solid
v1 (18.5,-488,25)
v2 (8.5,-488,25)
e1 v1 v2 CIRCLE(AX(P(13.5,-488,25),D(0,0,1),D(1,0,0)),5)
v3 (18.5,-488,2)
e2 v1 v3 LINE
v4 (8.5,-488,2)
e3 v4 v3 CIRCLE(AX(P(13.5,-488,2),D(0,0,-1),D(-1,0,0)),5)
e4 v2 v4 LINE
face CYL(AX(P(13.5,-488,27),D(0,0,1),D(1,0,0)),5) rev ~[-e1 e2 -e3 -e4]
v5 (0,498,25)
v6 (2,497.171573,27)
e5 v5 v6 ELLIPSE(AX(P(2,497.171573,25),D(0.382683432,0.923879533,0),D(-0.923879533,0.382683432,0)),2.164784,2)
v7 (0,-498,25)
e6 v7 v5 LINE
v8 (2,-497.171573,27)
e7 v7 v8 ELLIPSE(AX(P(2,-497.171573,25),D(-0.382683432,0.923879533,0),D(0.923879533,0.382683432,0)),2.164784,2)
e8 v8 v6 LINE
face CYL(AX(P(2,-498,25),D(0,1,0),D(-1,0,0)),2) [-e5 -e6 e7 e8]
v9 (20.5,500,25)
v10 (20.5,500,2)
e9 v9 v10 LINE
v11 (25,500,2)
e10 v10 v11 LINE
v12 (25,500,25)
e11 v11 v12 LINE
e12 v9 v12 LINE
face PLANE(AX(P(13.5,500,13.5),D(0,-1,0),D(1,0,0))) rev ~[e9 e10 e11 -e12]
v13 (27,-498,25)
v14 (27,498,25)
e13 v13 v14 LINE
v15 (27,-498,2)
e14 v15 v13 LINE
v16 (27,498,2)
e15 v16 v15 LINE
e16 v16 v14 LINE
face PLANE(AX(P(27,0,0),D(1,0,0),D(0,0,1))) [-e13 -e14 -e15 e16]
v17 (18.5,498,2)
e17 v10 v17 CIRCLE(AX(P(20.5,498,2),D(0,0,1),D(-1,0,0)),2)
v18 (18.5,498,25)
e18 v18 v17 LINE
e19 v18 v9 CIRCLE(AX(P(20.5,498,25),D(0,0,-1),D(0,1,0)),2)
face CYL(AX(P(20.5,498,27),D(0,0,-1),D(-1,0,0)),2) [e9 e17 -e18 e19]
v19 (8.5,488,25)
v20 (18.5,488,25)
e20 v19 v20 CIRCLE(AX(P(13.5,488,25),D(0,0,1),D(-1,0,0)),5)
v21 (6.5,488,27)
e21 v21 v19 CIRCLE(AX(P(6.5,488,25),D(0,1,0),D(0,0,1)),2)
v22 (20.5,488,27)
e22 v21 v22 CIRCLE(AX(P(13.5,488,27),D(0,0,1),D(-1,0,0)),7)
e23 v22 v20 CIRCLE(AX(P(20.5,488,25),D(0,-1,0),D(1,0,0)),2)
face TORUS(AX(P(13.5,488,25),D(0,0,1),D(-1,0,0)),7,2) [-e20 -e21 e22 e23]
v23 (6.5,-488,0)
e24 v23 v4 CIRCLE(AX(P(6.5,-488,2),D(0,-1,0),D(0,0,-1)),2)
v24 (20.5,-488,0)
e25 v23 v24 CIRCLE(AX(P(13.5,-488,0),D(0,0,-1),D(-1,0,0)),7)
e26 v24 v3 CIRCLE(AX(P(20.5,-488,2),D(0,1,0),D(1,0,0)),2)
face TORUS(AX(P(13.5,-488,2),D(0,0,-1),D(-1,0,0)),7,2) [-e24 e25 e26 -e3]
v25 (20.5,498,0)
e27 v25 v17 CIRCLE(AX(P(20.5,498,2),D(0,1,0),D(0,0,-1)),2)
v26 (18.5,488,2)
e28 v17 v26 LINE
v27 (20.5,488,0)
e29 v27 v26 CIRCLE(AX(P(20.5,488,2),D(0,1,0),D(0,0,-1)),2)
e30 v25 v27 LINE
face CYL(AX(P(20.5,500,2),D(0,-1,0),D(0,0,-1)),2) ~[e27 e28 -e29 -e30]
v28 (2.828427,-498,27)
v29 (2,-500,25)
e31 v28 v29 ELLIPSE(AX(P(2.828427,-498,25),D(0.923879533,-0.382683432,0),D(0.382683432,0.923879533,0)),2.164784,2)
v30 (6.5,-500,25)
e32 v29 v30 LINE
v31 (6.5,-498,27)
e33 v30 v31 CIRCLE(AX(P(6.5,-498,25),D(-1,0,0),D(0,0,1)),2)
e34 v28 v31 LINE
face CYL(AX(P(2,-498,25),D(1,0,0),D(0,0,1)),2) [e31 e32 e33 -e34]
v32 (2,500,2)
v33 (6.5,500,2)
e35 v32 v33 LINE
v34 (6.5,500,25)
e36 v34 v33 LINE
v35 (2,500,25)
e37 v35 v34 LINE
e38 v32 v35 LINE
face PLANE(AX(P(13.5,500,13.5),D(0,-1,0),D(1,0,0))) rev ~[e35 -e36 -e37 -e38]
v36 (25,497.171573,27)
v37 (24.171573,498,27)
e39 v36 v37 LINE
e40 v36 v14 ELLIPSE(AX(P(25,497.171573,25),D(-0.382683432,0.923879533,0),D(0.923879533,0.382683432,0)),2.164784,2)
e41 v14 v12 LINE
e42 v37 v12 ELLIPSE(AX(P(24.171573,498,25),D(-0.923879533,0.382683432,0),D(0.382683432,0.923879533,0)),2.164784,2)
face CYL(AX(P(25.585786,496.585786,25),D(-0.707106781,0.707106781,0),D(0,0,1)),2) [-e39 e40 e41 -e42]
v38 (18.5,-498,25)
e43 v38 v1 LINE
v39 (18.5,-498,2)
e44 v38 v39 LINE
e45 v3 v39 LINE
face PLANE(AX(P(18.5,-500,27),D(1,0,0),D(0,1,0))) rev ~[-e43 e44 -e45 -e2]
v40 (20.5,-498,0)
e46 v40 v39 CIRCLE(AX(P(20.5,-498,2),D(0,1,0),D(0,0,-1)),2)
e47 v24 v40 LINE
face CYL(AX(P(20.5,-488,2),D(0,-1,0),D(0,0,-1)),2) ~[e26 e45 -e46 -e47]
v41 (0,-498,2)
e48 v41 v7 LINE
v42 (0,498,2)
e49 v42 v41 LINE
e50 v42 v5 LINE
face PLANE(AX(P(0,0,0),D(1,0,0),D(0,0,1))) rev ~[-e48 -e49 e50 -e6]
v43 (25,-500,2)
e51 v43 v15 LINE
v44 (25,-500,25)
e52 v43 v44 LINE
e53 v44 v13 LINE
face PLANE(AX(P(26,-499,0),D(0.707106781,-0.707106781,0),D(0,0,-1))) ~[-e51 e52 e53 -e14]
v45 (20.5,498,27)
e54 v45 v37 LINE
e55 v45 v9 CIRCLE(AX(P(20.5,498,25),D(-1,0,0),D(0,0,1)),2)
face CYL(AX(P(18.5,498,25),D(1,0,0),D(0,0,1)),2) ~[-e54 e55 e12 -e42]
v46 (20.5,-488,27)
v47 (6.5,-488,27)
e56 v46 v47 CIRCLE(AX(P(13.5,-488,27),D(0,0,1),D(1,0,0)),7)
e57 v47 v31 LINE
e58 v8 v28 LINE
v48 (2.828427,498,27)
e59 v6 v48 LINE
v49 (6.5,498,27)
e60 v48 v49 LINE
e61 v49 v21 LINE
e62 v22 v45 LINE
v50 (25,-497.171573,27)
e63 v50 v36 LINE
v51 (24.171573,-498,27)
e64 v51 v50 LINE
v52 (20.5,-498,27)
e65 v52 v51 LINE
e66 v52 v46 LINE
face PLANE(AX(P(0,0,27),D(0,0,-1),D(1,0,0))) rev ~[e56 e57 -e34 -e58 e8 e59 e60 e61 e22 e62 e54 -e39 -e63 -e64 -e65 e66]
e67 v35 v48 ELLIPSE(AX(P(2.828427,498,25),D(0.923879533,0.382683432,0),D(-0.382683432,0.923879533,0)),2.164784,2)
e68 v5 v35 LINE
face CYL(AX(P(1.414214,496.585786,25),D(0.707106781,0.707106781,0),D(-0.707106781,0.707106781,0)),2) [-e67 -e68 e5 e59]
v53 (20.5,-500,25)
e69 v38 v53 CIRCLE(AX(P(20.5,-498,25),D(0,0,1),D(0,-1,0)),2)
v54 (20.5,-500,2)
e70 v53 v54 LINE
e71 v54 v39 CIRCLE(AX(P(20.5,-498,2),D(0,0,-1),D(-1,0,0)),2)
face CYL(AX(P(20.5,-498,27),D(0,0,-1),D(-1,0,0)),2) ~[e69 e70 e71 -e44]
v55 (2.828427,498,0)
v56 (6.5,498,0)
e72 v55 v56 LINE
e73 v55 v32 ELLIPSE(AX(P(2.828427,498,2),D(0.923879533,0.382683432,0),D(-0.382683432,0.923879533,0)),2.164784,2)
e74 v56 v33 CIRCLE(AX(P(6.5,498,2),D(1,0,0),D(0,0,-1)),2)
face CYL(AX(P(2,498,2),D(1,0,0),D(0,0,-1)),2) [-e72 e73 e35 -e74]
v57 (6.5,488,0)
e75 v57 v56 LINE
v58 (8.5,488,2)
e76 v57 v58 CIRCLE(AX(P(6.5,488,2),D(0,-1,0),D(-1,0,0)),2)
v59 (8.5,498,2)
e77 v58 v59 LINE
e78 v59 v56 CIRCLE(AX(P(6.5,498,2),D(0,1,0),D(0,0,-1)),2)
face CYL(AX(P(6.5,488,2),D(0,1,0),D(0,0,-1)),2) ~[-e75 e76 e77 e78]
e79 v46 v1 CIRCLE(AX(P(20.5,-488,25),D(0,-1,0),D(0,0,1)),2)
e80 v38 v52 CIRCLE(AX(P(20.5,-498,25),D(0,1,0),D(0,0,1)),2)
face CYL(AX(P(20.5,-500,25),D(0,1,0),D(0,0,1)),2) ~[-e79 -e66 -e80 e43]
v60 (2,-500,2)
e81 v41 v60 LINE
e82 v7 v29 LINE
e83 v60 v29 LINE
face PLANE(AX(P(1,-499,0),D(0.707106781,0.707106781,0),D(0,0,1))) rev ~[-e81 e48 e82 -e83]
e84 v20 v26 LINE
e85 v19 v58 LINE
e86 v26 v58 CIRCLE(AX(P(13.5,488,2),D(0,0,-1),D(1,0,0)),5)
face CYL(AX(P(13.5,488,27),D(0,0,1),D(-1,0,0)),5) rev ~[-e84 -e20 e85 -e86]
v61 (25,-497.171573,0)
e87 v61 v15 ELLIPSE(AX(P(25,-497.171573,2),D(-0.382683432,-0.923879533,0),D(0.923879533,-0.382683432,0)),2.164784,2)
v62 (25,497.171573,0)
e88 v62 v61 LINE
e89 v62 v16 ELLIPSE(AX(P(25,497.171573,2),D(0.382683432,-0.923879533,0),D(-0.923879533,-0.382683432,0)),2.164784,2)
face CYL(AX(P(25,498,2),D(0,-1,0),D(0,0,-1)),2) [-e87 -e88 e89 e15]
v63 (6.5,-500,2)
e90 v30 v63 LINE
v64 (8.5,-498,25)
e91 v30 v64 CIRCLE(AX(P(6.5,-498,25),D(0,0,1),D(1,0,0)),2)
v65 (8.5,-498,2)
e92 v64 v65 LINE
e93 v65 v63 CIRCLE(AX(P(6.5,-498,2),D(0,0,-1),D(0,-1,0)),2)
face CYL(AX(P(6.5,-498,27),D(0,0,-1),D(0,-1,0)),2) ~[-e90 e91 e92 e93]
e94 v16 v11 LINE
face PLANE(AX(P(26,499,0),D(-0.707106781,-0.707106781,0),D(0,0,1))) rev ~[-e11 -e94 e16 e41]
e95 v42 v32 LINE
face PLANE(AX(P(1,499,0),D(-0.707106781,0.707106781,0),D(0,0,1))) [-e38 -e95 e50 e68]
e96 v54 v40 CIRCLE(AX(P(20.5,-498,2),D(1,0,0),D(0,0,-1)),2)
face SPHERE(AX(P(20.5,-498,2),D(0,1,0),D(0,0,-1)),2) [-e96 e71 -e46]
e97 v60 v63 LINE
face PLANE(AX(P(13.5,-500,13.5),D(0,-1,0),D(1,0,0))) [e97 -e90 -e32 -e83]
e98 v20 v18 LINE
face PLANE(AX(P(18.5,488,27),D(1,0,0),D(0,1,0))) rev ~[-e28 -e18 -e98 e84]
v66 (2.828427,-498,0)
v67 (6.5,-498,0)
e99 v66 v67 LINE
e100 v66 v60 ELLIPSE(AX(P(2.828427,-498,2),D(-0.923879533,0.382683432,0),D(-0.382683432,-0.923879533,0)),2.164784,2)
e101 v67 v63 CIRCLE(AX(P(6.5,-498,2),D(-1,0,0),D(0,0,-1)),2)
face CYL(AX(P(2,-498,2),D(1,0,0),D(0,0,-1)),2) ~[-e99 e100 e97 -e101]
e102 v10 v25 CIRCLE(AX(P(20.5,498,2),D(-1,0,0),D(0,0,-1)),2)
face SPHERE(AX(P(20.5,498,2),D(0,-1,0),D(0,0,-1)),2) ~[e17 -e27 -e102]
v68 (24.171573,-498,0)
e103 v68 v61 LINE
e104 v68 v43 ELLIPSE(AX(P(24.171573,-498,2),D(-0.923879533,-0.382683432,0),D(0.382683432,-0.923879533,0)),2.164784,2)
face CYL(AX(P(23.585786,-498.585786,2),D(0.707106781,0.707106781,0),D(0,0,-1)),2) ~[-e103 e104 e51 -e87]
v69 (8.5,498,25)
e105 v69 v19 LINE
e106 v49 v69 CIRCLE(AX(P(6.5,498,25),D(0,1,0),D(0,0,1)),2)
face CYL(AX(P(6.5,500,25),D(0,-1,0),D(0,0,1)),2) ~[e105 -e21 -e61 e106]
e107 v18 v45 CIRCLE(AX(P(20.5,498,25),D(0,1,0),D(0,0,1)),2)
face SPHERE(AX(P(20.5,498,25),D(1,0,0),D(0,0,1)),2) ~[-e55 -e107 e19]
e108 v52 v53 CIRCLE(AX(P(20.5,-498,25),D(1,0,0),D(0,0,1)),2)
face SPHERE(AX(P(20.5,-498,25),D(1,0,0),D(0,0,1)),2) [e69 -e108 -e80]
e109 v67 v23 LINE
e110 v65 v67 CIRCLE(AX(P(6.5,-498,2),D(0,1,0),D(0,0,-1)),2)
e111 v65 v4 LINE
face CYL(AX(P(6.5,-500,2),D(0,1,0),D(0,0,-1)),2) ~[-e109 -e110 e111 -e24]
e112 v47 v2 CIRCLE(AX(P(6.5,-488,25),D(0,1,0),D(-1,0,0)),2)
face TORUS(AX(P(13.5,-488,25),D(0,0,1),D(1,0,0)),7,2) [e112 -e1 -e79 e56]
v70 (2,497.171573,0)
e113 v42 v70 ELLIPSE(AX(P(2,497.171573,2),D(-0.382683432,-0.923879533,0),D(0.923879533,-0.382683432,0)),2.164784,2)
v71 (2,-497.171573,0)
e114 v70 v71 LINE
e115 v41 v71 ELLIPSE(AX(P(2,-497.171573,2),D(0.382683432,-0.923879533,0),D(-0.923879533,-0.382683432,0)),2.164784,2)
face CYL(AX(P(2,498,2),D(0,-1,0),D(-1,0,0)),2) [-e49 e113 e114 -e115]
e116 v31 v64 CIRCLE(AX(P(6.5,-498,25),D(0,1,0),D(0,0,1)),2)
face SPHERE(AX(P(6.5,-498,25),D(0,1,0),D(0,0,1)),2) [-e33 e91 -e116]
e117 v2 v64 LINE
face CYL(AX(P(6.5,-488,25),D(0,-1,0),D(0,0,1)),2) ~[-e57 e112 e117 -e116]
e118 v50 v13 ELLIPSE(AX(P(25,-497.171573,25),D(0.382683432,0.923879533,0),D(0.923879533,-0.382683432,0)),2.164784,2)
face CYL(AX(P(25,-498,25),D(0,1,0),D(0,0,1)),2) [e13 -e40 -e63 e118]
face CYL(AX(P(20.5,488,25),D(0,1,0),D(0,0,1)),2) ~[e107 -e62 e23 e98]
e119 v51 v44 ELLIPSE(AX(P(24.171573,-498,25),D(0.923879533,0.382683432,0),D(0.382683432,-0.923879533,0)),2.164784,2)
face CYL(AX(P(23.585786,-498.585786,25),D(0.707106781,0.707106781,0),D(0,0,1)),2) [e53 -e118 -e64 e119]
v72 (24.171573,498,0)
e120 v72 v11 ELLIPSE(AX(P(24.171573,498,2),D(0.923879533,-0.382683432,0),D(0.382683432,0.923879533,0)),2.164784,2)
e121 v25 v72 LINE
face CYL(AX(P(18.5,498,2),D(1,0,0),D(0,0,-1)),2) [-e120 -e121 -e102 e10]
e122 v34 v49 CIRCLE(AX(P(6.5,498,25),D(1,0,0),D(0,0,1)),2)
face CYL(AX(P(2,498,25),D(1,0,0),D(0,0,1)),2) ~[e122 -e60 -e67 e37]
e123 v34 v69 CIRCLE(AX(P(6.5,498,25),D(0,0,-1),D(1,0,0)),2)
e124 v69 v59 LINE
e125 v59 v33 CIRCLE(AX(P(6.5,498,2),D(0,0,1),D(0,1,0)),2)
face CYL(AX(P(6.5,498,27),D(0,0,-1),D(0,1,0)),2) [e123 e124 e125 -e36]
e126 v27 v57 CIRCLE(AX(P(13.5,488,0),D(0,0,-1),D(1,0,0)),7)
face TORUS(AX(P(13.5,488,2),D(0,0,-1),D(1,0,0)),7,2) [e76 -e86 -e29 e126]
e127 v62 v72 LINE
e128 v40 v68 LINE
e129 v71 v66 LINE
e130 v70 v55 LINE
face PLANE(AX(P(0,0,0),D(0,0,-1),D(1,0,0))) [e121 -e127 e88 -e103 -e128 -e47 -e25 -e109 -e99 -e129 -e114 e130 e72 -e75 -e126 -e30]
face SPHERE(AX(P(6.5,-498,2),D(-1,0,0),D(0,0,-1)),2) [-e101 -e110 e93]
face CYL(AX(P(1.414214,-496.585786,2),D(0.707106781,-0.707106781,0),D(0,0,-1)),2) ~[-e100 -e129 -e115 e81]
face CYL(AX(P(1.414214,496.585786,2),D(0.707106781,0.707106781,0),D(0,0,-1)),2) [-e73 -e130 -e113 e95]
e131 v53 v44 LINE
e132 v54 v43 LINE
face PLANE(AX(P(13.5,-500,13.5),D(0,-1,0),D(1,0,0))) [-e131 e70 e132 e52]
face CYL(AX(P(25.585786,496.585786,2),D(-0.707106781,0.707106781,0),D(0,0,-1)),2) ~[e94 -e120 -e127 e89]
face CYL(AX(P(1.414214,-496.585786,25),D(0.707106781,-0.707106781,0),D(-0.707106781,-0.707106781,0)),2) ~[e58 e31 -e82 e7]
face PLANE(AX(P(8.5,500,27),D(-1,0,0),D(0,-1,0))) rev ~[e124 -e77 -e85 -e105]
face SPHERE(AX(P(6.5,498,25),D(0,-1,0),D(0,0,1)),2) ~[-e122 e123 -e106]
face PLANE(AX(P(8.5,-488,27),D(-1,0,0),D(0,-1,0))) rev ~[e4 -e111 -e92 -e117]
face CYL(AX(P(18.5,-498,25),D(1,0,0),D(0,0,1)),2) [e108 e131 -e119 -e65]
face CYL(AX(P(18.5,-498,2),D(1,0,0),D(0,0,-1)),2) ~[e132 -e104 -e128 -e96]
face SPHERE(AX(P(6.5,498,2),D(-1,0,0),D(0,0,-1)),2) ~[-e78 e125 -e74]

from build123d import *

# Parameters (mm, degrees)
F0_W     = 27
F0_H     = 27
F1_DEPTH = 500
F3_DEPTH = 27.001
F4_DEPTH = 27.001
F5_SIZE  = 2
F6_R     = 2


with BuildPart() as f1:
    # F0 (on Front) → F1 (new body, symmetric)
    with BuildSketch(Plane.XZ):
        with Locations((13.5, 13.5)):
            Rectangle(F0_W, F0_H)
    extrude(amount=F1_DEPTH, both=True)

    # F2 (on face) → F3 (cut, through all)
    with BuildSketch(Plane.XY.offset(27)):
        with BuildLine():
            Line((18.5, -500), (18.5, -488))
            ThreePointArc((18.5, -488), (13.5, -483), (8.5, -488))
            Line((8.5, -488), (8.5, -500))
            Line((8.5, -500), (18.5, -500))
        make_face()
    extrude(amount=-F3_DEPTH, mode=Mode.SUBTRACT)

    # F2 (on face) → F4 (cut, through all)
    with BuildSketch(Plane.XY.offset(27)):
        with BuildLine():
            Line((18.5, -500), (18.5, -488))
            ThreePointArc((18.5, -488), (13.5, -483), (8.5, -488))
            Line((8.5, -488), (8.5, -500))
            Line((8.5, -500), (18.5, -500))
        make_face()
        with BuildLine():
            ThreePointArc((8.5, 488), (13.5, 483), (18.5, 488))
            Line((18.5, 488), (18.5, 500))
            Line((18.5, 500), (8.5, 500))
            Line((8.5, 500), (8.5, 488))
        make_face()
    extrude(amount=-F4_DEPTH, mode=Mode.SUBTRACT)

    # F5
    f5_edges = [f1.edges().sort_by_distance(p)[0] for p in [
        (0, -500, 13.5),
        (27, -500, 13.5),
        (0, 500, 13.5),
        (27, 500, 13.5),
    ]]
    chamfer(f5_edges, length=F5_SIZE)

    # F6
    f6_edges = [f1.edges().sort_by_distance(p)[0] for p in [
        (21.75, -500, 27),
        (26, -499, 27),
        (18.5, -494, 27),
        (27, 0, 27),
        (13.5, -483, 27),
        (26, 499, 27),
        (8.5, -494, 27),
        (21.75, 500, 27),
        (5.25, -500, 27),
        (18.5, 494, 27),
        (1, -499, 27),
        (13.5, 483, 27),
        (0, 0, 27),
        (8.5, 494, 27),
        (1, 499, 27),
        (5.25, 500, 27),
        (0, 0, 0),
        (1, 499, 0),
        (1, -499, 0),
        (5.25, 500, 0),
        (5.25, -500, 0),
        (8.5, 494, 0),
        (8.5, -494, 0),
        (13.5, 483, 0),
        (13.5, -483, 0),
        (18.5, 494, 0),
        (18.5, -494, 0),
        (21.75, 500, 0),
        (21.75, -500, 0),
        (26, 499, 0),
        (26, -499, 0),
        (27, 0, 0),
        (18.5, 500, 13.5),
        (8.5, 500, 13.5),
        (18.5, -500, 13.5),
        (8.5, -500, 13.5),
    ]]
    fillet(f6_edges, radius=F6_R)


solid = f1.part
